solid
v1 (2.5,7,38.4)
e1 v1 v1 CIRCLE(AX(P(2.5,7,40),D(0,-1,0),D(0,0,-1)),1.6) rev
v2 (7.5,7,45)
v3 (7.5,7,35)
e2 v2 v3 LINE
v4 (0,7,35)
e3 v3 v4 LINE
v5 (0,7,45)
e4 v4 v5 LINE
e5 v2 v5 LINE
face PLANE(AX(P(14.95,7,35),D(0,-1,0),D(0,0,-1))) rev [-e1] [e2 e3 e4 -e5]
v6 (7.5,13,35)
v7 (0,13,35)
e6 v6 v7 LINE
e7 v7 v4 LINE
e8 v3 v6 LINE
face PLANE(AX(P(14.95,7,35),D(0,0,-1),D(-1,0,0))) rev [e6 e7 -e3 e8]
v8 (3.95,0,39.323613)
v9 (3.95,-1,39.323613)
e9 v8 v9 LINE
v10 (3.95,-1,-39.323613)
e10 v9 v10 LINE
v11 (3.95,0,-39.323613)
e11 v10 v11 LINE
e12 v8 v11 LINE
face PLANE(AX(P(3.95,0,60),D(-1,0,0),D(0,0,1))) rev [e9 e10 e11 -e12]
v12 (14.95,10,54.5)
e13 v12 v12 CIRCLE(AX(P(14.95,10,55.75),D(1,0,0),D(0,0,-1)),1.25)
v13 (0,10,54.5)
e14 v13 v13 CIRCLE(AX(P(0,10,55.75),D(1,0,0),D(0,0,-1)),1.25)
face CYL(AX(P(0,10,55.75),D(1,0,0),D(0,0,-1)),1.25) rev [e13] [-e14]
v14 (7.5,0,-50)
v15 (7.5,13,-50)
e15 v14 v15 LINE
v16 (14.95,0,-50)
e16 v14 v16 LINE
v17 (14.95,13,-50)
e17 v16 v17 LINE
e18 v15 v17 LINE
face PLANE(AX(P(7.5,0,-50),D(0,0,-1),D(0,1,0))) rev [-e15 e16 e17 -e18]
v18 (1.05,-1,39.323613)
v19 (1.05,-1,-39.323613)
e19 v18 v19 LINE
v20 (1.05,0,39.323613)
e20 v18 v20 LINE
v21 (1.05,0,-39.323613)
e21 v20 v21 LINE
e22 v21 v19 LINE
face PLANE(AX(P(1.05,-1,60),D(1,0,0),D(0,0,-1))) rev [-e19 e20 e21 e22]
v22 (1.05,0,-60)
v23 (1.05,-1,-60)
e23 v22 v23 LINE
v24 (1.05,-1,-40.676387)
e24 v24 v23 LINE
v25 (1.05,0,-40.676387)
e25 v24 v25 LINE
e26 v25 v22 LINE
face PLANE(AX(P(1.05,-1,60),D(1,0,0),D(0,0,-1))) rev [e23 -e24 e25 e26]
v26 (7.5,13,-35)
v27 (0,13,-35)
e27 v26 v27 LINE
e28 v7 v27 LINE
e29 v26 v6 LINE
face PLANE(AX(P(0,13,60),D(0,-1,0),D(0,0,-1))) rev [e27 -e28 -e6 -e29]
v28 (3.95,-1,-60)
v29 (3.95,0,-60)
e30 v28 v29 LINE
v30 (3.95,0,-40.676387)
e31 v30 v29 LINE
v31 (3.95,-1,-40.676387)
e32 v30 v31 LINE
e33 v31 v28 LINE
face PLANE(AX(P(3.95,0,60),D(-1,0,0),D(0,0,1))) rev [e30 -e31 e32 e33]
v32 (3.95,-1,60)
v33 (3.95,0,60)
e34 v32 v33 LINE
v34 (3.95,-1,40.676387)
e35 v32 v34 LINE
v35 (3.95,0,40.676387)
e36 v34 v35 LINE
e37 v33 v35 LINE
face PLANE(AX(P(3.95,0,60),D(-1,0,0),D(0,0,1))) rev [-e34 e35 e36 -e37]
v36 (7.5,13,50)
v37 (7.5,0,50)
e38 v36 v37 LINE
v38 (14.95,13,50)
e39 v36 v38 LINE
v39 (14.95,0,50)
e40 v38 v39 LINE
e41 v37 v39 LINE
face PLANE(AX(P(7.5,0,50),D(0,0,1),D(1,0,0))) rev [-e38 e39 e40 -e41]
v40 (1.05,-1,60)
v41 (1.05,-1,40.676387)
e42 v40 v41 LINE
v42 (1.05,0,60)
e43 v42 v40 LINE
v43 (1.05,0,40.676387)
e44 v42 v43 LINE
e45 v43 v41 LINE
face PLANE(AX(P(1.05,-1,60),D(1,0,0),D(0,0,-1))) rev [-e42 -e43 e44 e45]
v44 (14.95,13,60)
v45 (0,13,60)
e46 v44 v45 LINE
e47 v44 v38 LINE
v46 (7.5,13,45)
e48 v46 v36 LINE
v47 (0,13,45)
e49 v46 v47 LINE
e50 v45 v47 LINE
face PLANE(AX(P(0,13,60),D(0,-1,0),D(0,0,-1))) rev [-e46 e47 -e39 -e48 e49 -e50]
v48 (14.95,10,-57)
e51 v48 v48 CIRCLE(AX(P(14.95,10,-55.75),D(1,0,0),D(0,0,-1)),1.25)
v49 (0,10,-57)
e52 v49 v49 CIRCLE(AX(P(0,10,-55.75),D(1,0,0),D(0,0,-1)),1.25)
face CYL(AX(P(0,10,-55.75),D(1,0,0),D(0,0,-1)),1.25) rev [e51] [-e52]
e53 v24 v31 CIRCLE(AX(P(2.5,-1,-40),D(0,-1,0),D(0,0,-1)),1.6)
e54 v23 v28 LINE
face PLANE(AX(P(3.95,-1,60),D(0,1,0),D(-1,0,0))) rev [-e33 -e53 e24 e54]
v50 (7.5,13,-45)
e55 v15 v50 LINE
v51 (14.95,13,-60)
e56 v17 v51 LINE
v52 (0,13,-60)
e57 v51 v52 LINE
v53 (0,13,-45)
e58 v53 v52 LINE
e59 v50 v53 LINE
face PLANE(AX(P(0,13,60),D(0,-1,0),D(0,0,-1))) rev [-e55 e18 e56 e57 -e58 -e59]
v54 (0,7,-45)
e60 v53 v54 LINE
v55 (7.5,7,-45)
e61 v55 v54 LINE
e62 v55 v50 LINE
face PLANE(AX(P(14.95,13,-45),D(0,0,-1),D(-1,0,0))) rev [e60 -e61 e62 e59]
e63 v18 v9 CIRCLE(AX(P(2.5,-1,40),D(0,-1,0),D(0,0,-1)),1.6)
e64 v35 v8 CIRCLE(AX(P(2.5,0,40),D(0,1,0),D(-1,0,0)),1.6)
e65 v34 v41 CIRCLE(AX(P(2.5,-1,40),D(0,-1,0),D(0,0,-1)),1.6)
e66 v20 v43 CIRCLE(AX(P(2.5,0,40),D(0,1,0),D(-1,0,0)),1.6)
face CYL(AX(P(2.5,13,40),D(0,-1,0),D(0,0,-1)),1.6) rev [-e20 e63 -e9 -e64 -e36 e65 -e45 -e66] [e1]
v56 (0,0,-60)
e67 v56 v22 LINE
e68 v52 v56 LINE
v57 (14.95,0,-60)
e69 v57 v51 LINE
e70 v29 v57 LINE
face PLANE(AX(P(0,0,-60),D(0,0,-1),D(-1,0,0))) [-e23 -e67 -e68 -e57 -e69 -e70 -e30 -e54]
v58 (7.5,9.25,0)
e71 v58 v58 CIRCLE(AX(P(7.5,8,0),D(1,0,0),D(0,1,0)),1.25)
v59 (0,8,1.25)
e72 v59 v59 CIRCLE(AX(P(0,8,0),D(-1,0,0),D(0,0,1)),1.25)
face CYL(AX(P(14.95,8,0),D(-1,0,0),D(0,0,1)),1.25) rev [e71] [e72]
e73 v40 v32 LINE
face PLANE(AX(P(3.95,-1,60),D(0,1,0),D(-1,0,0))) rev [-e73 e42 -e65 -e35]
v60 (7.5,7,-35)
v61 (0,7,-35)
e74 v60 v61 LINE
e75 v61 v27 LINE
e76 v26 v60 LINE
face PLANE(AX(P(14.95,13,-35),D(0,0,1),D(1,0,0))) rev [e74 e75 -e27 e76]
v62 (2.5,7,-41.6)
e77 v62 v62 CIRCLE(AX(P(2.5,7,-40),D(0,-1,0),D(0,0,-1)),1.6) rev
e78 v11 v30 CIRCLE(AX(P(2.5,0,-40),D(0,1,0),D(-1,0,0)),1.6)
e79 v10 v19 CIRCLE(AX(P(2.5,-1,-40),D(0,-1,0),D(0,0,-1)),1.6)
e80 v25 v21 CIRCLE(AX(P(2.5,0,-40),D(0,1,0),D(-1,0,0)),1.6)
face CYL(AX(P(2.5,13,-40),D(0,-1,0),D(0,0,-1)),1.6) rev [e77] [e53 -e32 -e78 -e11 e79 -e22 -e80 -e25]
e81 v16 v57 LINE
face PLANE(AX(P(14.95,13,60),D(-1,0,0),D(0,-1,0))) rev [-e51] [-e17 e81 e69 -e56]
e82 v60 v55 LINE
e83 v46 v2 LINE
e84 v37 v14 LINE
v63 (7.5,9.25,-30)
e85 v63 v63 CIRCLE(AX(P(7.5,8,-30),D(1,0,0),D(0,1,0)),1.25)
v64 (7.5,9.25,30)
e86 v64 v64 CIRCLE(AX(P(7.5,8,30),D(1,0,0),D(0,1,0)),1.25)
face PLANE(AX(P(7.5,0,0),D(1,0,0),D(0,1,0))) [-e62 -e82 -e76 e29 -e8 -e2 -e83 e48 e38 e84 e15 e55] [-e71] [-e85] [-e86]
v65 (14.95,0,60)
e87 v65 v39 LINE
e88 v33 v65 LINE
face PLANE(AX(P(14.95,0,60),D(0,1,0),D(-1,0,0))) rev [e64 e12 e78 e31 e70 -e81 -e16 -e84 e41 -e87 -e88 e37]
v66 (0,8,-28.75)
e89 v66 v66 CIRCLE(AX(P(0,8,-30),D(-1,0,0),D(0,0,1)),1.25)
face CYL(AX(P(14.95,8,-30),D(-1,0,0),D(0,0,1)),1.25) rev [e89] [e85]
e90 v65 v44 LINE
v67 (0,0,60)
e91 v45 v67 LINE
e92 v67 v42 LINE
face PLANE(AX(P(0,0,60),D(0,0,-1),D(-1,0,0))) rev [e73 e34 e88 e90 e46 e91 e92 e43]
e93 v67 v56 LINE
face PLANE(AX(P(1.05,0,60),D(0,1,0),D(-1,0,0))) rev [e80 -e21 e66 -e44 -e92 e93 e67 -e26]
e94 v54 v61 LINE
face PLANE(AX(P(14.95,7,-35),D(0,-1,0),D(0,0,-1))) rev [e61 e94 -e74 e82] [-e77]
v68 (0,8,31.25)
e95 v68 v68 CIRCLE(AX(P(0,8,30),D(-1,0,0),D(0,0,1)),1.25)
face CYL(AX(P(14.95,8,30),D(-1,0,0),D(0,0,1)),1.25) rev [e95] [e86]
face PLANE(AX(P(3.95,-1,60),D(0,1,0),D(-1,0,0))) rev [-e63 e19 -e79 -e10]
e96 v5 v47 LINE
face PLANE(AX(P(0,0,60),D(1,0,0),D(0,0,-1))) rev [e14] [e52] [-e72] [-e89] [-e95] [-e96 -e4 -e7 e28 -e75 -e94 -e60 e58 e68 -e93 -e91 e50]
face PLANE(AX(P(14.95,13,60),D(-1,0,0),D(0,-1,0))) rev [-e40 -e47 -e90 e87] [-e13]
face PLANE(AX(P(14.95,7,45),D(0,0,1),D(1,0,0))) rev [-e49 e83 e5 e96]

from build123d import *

# Parameters (mm, degrees)
MAIN_DEPTH               = 60
ESQUISSE2_R              = 1.25
HOLESFORMOTORBOARD_DEPTH = 15.95
ESQUISSE4_R              = 1.6
HOLESFORMAKERBEAM_DEPTH  = 15
SKETCH1_W                = 100
SKETCH1_H                = 13
POWERBOARDPINHOLES_DEPTH = 7.45
SKETCH2_R                = 1.25
WINDOWFIXHOLES_DEPTH     = 15.95
SKETCH3_W                = 10
SKETCH3_H                = 6
CUT_EXTRUDE1_DEPTH       = 15.95


with BuildPart() as part:
    # Esquisse1 → Main (new body, symmetric)
    with BuildSketch(Plane.XY):
        Polygon((0, 13), (14.95, 13), (14.95, 0), (3.95, 0), (3.95, -1), (1.05, -1), (1.05, 0), (0, 0), align=None)
    extrude(amount=MAIN_DEPTH, both=True)

    # Esquisse2 → HolesForMotorBoard (cut, through all)
    with BuildSketch(Plane(origin=(14.95, 0, 0), x_dir=(0, 0, -1), z_dir=(1, 0, 0))):
        with Locations((55.75, 10)):
            Circle(ESQUISSE2_R)
        with Locations((-55.75, 10)):
            Circle(ESQUISSE2_R)
    extrude(amount=-HOLESFORMOTORBOARD_DEPTH, mode=Mode.SUBTRACT)

    # Esquisse4 → HolesForMakerBeam (cut, through all)
    with BuildSketch(Plane(origin=(0, -1, 0), x_dir=(-1, 0, 0), z_dir=(0, -1, 0))):
        with Locations((-2.5, -40)):
            Circle(ESQUISSE4_R)
        with Locations((-2.5, 40)):
            Circle(ESQUISSE4_R)
    extrude(amount=-HOLESFORMAKERBEAM_DEPTH, mode=Mode.SUBTRACT)

    # Sketch1 → PowerBoardPinHoles (cut)
    with BuildSketch(Plane(origin=(14.95, 0, 0), x_dir=(0, 0, -1), z_dir=(1, 0, 0))):
        with Locations((0, 6.5)):
            Rectangle(SKETCH1_W, SKETCH1_H)
    extrude(amount=-POWERBOARDPINHOLES_DEPTH, mode=Mode.SUBTRACT)

    # Sketch2 → WindowFixHoles (cut, through all)
    with BuildSketch(Plane.ZY):
        with Locations((0, 8)):
            Circle(SKETCH2_R)
        with Locations((-30, 8)):
            Circle(SKETCH2_R)
        with Locations((30, 8)):
            Circle(SKETCH2_R)
    extrude(amount=-WINDOWFIXHOLES_DEPTH, mode=Mode.SUBTRACT)

    # Sketch3 → Cut-Extrude1 (cut, through all)
    with BuildSketch(Plane.ZY):
        with Locations((-40, 10)):
            Rectangle(SKETCH3_W, SKETCH3_H)
        with Locations((40, 10)):
            Rectangle(SKETCH3_W, SKETCH3_H)
    extrude(amount=-CUT_EXTRUDE1_DEPTH, mode=Mode.SUBTRACT)


solid = part.part
